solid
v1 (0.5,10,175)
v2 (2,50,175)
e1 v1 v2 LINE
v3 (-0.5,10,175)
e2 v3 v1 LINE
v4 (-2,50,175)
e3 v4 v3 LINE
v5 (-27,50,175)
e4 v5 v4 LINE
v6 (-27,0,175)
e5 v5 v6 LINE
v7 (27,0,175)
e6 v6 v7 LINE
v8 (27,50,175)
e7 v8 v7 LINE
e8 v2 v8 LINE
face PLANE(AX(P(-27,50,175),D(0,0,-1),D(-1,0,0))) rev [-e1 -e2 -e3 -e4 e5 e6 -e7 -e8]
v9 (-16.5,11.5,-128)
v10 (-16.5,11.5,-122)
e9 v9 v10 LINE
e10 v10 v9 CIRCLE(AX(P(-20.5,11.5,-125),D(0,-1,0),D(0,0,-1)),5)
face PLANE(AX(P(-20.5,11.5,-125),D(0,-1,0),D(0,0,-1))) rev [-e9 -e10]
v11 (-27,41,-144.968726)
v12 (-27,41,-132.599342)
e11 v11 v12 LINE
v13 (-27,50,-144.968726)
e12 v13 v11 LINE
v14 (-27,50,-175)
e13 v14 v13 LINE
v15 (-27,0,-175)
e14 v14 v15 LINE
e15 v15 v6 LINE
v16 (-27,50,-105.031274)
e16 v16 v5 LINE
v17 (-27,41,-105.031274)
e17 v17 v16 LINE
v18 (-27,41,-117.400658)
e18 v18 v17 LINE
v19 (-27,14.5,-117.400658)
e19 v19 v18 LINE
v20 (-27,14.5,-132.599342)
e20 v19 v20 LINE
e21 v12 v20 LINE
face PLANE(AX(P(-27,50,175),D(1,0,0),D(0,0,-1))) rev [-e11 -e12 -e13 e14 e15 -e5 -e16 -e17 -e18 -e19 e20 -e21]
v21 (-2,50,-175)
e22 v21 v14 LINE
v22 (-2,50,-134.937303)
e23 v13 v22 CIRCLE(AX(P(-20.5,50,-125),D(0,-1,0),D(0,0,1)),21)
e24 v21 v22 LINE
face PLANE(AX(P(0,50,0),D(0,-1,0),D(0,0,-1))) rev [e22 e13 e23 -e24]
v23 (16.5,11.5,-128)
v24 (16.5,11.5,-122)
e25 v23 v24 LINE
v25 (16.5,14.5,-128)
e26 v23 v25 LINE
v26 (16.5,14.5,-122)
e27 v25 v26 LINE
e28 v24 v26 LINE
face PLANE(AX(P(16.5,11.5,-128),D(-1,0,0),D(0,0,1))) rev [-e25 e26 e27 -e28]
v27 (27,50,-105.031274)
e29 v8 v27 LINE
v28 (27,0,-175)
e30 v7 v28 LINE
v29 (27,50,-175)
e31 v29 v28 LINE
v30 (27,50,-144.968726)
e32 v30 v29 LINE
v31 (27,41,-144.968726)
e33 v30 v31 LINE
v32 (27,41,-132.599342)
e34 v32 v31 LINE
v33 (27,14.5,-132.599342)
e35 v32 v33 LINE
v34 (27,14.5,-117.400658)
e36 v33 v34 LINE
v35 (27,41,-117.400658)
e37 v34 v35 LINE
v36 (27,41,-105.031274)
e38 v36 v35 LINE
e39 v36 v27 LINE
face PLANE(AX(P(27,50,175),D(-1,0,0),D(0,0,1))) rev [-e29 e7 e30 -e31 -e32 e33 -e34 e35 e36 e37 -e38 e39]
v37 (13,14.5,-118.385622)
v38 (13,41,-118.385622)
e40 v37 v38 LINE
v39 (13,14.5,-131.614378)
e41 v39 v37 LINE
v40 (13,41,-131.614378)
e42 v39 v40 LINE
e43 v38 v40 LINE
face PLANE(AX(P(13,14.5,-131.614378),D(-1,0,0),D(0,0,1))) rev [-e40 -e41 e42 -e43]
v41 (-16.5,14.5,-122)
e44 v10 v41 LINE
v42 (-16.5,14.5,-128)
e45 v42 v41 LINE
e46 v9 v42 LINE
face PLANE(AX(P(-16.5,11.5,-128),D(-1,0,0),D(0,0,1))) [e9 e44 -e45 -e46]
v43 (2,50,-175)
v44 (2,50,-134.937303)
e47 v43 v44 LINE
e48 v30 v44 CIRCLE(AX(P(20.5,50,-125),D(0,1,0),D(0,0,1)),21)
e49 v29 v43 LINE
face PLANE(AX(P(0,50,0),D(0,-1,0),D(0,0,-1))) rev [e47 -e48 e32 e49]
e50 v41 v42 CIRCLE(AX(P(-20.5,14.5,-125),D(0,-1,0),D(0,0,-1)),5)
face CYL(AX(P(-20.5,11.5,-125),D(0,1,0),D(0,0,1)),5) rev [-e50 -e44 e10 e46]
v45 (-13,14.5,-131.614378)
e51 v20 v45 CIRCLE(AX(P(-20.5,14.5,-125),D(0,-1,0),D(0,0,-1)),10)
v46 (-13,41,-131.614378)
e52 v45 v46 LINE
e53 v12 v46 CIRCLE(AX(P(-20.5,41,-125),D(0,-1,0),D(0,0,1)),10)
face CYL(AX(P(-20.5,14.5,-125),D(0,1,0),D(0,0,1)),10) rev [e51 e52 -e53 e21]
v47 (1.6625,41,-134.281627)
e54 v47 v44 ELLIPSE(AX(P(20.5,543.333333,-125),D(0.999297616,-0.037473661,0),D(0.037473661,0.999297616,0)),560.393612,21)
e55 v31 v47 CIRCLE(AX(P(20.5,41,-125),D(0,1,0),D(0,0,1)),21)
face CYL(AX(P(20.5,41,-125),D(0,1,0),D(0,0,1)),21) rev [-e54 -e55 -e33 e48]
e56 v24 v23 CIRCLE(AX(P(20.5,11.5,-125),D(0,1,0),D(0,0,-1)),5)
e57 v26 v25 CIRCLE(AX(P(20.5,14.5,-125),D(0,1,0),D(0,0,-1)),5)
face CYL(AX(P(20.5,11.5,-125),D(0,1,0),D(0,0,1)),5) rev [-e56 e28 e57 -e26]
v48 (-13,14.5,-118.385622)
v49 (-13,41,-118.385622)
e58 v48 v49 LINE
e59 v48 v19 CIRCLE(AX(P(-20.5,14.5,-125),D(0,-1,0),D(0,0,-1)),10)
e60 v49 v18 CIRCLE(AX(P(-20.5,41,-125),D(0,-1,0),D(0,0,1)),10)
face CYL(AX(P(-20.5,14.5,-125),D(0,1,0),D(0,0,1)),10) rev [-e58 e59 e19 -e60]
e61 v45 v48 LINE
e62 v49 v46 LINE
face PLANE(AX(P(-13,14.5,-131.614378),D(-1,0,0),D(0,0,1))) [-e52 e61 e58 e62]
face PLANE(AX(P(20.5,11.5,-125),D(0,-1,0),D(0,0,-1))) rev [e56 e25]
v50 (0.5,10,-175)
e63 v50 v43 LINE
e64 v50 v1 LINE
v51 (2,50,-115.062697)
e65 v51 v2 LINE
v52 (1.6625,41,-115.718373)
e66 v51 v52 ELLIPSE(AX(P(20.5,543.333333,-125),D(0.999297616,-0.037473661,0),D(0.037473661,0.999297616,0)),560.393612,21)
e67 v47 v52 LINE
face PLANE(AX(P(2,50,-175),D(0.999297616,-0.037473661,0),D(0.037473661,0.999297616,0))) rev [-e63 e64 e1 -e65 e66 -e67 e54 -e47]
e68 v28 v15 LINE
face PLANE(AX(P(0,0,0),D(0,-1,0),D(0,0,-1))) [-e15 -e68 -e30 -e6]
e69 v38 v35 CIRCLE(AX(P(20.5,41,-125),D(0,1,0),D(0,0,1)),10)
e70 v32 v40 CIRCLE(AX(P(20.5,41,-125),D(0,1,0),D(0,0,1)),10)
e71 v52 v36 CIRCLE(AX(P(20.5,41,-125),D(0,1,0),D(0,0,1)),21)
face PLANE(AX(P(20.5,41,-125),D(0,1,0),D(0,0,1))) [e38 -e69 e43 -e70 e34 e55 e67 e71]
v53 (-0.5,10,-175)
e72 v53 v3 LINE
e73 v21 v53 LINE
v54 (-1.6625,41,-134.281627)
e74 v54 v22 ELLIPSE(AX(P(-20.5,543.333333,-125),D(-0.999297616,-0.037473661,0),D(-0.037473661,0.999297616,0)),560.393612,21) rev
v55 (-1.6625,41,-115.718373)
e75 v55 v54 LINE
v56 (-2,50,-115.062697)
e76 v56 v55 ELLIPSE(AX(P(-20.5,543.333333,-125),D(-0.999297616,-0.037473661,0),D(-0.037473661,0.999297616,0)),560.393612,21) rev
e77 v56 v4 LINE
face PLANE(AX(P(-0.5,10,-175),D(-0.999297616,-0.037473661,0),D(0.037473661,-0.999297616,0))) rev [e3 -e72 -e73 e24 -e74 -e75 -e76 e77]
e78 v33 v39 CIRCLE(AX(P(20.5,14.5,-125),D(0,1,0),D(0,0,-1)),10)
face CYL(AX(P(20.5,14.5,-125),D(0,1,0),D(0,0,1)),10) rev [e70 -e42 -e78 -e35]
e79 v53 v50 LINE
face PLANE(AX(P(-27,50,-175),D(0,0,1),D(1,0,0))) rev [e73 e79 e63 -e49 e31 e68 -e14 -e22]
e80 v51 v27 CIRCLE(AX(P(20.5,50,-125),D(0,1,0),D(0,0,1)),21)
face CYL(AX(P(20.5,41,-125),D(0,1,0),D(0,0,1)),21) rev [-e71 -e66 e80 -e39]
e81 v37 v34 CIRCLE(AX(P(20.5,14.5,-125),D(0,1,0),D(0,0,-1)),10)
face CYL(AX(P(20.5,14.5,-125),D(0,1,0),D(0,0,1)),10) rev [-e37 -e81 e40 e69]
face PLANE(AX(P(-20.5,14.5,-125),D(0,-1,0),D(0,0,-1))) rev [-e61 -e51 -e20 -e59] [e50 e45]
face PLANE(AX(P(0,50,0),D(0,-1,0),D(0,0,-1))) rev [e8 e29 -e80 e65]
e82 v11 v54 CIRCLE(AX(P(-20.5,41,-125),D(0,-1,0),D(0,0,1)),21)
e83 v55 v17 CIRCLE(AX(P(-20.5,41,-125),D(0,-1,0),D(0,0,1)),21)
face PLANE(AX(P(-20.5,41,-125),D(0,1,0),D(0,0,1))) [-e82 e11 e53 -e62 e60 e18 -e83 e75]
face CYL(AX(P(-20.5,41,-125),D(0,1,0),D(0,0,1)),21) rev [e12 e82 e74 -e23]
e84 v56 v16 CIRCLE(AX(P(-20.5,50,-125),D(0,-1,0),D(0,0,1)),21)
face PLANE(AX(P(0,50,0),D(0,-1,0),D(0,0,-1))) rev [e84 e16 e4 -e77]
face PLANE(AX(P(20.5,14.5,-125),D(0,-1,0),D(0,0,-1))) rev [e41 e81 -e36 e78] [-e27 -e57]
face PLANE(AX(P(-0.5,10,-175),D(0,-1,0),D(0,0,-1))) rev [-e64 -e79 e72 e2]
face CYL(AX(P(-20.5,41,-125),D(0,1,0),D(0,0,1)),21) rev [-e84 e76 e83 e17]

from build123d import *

# Parameters (mm, degrees)
SKETCH1_W           = 54
SKETCH1_H           = 350
BOSS_EXTRUDE1_DEPTH = 50
CUT_EXTRUDE2_DEPTH  = 355.582853505
SKETCH7_R           = 21
SKETCH7_R_2         = 10
CUT_EXTRUDE4_DEPTH  = 9
CUT_EXTRUDE5_DEPTH  = 35.5
CUT_EXTRUDE6_DEPTH  = 3
CUT_EXTRUDE7_DEPTH  = 9


with BuildPart() as part:
    # Sketch1 → Boss-Extrude1 (new body)
    with BuildSketch(Plane(origin=(0, 0, 0), x_dir=(1, 0, 0), z_dir=(0, 1, 0))):
        Rectangle(SKETCH1_W, SKETCH1_H)
    extrude(amount=BOSS_EXTRUDE1_DEPTH)

    # Sketch3 → Cut-Extrude2 (cut, through all)
    with BuildSketch(Plane.XY.offset(175)):
        Polygon((-0.5, 10), (-2, 50), (2, 50), (0.5, 10), align=None)
    extrude(amount=-CUT_EXTRUDE2_DEPTH, mode=Mode.SUBTRACT)

    # Sketch7 → Cut-Extrude4 (cut)
    with BuildSketch(Plane(origin=(0, 50, 0), x_dir=(1, 0, 0), z_dir=(0, 1, 0))):
        with Locations((20.5, 125)):
            Circle(SKETCH7_R)
        with Locations((20.5, 125)):
            Circle(SKETCH7_R_2, mode=Mode.SUBTRACT)
    cut_extrude4 = extrude(amount=-CUT_EXTRUDE4_DEPTH, mode=Mode.SUBTRACT)

    # Sketch9 → Cut-Extrude5 (cut)
    with BuildSketch(Plane(origin=(0, 50, 0), x_dir=(1, 0, 0), z_dir=(0, 1, 0))):
        with BuildLine():
            Line((13, 131.614378278), (13, 118.385621722))
            ThreePointArc((13, 118.385621722), (30.5, 125), (13, 131.614378278))
        make_face()
    cut_extrude5 = extrude(amount=-CUT_EXTRUDE5_DEPTH, mode=Mode.SUBTRACT)

    # Sketch10 → Cut-Extrude6 (cut)
    with BuildSketch(Plane(origin=(0, 14.5, 0), x_dir=(1, 0, 0), z_dir=(0, 1, 0))):
        with BuildLine():
            Line((16.5, 128), (16.5, 122))
            ThreePointArc((16.5, 122), (25.5, 125), (16.5, 128))
        make_face()
    cut_extrude6 = extrude(amount=-CUT_EXTRUDE6_DEPTH, mode=Mode.SUBTRACT)

    # Sketch11 → Cut-Extrude7 (cut)
    with BuildSketch(Plane(origin=(0, 50, 0), x_dir=(1, 0, 0), z_dir=(0, 1, 0))):
        with BuildLine():
            Line((13, 131.614378278), (13, 118.385621722))
            ThreePointArc((13, 118.385621722), (10.5, 125), (13, 131.614378278))
        make_face()
    cut_extrude7 = extrude(amount=-CUT_EXTRUDE7_DEPTH, mode=Mode.SUBTRACT)

    # Mirror1: Cut-Extrude4, Cut-Extrude5, Cut-Extrude6, Cut-Extrude7 across plane
    add(cut_extrude4.mirror(Plane(origin=(0, 0, 0), x_dir=(0, 0, 1), z_dir=(1, 0, 0))), mode=Mode.SUBTRACT)
    add(cut_extrude5.mirror(Plane(origin=(0, 0, 0), x_dir=(0, 0, 1), z_dir=(1, 0, 0))), mode=Mode.SUBTRACT)
    add(cut_extrude6.mirror(Plane(origin=(0, 0, 0), x_dir=(0, 0, 1), z_dir=(1, 0, 0))), mode=Mode.SUBTRACT)
    add(cut_extrude7.mirror(Plane(origin=(0, 0, 0), x_dir=(0, 0, 1), z_dir=(1, 0, 0))), mode=Mode.SUBTRACT)


solid = part.part
